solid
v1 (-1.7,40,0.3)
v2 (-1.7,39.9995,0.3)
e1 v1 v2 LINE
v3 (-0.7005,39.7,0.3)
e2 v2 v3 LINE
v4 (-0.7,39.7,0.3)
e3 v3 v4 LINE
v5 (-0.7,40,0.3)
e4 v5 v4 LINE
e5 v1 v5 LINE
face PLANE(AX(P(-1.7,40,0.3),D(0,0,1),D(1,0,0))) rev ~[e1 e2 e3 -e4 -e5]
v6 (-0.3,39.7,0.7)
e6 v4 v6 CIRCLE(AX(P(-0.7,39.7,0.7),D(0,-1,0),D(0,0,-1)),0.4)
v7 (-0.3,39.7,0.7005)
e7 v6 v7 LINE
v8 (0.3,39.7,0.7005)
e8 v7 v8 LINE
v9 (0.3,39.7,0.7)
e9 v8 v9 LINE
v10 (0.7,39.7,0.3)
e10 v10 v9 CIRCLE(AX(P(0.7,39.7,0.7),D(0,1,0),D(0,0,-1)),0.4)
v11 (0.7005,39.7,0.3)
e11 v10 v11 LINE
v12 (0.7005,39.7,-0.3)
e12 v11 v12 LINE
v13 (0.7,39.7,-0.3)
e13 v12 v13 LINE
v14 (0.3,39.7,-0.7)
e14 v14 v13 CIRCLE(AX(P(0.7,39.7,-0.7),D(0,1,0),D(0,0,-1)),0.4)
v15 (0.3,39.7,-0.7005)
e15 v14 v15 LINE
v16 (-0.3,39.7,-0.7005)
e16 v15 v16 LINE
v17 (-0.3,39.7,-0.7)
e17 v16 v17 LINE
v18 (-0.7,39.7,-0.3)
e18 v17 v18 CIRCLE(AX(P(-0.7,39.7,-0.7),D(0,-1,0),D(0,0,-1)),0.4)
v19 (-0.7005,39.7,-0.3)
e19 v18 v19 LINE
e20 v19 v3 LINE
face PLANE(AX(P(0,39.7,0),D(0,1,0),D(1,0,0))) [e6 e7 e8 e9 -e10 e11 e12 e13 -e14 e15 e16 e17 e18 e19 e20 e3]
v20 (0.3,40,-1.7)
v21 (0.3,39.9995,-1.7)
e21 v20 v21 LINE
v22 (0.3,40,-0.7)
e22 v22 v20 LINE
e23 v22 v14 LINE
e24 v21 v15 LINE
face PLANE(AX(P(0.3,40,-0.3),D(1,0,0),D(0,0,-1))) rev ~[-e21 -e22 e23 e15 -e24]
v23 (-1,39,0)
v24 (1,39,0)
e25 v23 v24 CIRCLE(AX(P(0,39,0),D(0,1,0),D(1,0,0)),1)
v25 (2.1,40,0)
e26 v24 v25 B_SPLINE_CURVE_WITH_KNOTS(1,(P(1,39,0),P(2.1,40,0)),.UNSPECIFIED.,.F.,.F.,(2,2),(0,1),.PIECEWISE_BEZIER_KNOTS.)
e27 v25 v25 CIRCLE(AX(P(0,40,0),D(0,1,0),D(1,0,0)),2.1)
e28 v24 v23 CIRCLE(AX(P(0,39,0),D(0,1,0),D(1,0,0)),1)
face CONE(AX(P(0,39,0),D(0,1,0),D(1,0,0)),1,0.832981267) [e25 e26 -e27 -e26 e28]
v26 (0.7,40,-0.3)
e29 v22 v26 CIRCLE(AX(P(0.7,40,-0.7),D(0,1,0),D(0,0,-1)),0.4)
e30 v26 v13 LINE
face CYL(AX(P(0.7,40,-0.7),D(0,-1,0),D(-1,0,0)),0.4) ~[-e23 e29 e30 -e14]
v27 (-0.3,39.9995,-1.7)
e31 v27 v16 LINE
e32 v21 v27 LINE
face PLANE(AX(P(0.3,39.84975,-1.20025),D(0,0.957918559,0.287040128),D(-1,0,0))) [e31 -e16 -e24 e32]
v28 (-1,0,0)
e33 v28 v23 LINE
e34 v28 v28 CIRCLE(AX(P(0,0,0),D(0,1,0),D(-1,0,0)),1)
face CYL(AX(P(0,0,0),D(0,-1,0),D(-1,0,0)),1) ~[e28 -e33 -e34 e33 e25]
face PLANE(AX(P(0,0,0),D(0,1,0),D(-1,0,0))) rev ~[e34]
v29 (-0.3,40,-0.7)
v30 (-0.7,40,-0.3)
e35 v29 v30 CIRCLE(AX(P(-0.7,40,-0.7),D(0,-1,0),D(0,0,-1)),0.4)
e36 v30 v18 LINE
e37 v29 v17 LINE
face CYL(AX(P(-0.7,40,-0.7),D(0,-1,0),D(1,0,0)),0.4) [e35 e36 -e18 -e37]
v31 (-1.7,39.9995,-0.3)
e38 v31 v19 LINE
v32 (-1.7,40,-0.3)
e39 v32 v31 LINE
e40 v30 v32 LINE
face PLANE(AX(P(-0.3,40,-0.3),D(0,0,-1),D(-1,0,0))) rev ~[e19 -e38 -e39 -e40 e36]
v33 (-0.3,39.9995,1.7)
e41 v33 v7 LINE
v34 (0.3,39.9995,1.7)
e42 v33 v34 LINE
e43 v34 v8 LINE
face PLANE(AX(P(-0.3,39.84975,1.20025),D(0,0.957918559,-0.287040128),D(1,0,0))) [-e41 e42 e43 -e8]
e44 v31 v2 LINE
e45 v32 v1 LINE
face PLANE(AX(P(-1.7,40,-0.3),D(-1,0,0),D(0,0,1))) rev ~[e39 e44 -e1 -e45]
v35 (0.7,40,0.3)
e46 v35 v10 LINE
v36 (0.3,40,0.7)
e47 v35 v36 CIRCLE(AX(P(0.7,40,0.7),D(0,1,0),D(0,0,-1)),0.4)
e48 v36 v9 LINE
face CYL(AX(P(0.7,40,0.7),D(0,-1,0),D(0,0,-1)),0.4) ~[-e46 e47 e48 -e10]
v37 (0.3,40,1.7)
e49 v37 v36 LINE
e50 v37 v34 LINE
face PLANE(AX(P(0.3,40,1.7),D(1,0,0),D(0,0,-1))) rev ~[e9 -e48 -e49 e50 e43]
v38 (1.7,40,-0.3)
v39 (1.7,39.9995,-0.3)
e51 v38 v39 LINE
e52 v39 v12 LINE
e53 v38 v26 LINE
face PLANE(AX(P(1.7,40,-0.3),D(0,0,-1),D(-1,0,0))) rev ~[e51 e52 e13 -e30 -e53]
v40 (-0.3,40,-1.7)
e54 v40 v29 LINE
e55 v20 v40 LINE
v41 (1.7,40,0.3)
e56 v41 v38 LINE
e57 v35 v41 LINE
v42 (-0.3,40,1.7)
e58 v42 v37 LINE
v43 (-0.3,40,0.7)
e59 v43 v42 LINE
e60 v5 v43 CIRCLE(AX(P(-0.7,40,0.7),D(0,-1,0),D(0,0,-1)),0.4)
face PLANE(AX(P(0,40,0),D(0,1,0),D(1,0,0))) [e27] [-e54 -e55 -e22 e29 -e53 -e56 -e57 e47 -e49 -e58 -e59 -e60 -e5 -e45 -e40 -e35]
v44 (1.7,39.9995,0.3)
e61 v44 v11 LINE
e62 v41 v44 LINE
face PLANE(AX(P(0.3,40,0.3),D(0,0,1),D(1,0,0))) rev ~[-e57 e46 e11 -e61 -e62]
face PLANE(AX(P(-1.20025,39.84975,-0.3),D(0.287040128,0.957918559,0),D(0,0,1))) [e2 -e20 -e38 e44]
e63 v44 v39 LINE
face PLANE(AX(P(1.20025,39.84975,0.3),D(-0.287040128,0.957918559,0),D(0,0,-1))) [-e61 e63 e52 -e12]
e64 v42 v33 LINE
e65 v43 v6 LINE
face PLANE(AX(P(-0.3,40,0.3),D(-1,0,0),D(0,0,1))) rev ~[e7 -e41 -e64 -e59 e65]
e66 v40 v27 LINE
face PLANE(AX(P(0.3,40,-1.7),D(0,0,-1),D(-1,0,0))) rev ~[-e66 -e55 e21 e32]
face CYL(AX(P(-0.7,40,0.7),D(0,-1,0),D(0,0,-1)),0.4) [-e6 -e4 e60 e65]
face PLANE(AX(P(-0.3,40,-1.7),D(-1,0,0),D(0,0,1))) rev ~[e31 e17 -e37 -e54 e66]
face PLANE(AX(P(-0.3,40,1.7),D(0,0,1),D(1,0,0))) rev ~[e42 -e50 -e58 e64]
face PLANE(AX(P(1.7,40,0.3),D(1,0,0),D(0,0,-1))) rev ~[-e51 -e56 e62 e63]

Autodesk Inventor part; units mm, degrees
ref_plane "YZ Plane" through (0, 0, 0) normal (1, 0, 0) x (0, 1, 0)
ref_plane "XZ Plane" through (0, 0, 0) normal (0, 1, 0) x (-1, 0, 0)
sketch "Sketch1" plane through (0, 0, 0) normal (0, 1, 0) x (-1, 0, 0)
  circle A0 centre (0, 0) radius 1
  dimension "d0" = 2
extrude "Extrusion1" add sketch "Sketch1" along normal blind 40
sketch "Sketch2" plane through (0, 40, 0) normal (0, 1, 0) x (1, 0, 0)
  circle A0 centre (0, 0) radius 2.1
  dimension "d3" = 4.2
ref_plane "Work Plane1" through (0, 39, 0) normal (0, 1, 0) x (1, 0, 0)
sketch "Sketch3" plane through (0, 39, 0) normal (0, 1, 0) x (1, 0, 0)
  circle A0 centre (0, 0) radius 1 projected
loft "Loft1" add profiles "Sketch3", "Sketch2"
sketch "Sketch4" plane through (0, 40, 0) normal (0, 1, 0) x (1, 0, 0)
  line L0 (-1.7, -0.3) -> (1.7, -0.3)
  line L1 (1.7, -0.3) -> (1.7, 0.3)
  line L2 (1.7, 0.3) -> (-1.7, 0.3)
  line L3 (-1.7, 0.3) -> (-1.7, -0.3)
  line L4 (-0.3, -1.7) -> (0.3, -1.7)
  line L5 (0.3, -1.7) -> (0.3, 1.7)
  line L6 (0.3, 1.7) -> (-0.3, 1.7)
  line L7 (-0.3, 1.7) -> (-0.3, -1.7)
  point P0 (0, 0)
  point P1 (-1.7, 0)
  point P2 (0, -1.7)
  point P3 (0, -0.3)
  point P4 (0.3, 0)
  point P5 (-0.3, -0.3)
  point P6 (0.3, -0.3)
  point P7 (0.3, 0.3)
  point P8 (-0.3, 0.3)
  dimension "d9" = 3.4
  dimension "d10" = 3.4
  dimension "d11" = 0.6
  dimension "d12" = 0.6
extrude "Extrusion2" cut sketch "Sketch4" against normal blind 0.3
chamfer "Chamfer1" distance 0.3 distance2 1 1 edges at (1.7, 39.7, 0) measured on face at (1.7, 39.9, 0.1)
chamfer "Chamfer2" distance 0.3 distance2 1 1 edges at (0, 39.7, 1.7) measured on face at (-0.1, 39.9, 1.7)
chamfer "Chamfer3" distance 0.3 distance2 1 1 edges at (-1.7, 39.7, 0) measured on face at (-1.7, 39.9, -0.1)
chamfer "Chamfer4" distance 0.3 distance2 1 1 edges at (0, 39.7, -1.7) measured on face at (0.1, 39.9, -1.7)
fillet "Fillet1" radius 0.4 4 edges at (0.3, 39.85, 0.3) (-0.3, 39.85, 0.3) (0.3, 39.85, -0.3) (-0.3, 39.85, -0.3)
thread "Thread1" size "M2x0.4" class "6g" standard "ANSI Metric M Profile" full length
equation "\"d12\" = d11"
properties part number "m2_40mm" material "Stainless Steel"
